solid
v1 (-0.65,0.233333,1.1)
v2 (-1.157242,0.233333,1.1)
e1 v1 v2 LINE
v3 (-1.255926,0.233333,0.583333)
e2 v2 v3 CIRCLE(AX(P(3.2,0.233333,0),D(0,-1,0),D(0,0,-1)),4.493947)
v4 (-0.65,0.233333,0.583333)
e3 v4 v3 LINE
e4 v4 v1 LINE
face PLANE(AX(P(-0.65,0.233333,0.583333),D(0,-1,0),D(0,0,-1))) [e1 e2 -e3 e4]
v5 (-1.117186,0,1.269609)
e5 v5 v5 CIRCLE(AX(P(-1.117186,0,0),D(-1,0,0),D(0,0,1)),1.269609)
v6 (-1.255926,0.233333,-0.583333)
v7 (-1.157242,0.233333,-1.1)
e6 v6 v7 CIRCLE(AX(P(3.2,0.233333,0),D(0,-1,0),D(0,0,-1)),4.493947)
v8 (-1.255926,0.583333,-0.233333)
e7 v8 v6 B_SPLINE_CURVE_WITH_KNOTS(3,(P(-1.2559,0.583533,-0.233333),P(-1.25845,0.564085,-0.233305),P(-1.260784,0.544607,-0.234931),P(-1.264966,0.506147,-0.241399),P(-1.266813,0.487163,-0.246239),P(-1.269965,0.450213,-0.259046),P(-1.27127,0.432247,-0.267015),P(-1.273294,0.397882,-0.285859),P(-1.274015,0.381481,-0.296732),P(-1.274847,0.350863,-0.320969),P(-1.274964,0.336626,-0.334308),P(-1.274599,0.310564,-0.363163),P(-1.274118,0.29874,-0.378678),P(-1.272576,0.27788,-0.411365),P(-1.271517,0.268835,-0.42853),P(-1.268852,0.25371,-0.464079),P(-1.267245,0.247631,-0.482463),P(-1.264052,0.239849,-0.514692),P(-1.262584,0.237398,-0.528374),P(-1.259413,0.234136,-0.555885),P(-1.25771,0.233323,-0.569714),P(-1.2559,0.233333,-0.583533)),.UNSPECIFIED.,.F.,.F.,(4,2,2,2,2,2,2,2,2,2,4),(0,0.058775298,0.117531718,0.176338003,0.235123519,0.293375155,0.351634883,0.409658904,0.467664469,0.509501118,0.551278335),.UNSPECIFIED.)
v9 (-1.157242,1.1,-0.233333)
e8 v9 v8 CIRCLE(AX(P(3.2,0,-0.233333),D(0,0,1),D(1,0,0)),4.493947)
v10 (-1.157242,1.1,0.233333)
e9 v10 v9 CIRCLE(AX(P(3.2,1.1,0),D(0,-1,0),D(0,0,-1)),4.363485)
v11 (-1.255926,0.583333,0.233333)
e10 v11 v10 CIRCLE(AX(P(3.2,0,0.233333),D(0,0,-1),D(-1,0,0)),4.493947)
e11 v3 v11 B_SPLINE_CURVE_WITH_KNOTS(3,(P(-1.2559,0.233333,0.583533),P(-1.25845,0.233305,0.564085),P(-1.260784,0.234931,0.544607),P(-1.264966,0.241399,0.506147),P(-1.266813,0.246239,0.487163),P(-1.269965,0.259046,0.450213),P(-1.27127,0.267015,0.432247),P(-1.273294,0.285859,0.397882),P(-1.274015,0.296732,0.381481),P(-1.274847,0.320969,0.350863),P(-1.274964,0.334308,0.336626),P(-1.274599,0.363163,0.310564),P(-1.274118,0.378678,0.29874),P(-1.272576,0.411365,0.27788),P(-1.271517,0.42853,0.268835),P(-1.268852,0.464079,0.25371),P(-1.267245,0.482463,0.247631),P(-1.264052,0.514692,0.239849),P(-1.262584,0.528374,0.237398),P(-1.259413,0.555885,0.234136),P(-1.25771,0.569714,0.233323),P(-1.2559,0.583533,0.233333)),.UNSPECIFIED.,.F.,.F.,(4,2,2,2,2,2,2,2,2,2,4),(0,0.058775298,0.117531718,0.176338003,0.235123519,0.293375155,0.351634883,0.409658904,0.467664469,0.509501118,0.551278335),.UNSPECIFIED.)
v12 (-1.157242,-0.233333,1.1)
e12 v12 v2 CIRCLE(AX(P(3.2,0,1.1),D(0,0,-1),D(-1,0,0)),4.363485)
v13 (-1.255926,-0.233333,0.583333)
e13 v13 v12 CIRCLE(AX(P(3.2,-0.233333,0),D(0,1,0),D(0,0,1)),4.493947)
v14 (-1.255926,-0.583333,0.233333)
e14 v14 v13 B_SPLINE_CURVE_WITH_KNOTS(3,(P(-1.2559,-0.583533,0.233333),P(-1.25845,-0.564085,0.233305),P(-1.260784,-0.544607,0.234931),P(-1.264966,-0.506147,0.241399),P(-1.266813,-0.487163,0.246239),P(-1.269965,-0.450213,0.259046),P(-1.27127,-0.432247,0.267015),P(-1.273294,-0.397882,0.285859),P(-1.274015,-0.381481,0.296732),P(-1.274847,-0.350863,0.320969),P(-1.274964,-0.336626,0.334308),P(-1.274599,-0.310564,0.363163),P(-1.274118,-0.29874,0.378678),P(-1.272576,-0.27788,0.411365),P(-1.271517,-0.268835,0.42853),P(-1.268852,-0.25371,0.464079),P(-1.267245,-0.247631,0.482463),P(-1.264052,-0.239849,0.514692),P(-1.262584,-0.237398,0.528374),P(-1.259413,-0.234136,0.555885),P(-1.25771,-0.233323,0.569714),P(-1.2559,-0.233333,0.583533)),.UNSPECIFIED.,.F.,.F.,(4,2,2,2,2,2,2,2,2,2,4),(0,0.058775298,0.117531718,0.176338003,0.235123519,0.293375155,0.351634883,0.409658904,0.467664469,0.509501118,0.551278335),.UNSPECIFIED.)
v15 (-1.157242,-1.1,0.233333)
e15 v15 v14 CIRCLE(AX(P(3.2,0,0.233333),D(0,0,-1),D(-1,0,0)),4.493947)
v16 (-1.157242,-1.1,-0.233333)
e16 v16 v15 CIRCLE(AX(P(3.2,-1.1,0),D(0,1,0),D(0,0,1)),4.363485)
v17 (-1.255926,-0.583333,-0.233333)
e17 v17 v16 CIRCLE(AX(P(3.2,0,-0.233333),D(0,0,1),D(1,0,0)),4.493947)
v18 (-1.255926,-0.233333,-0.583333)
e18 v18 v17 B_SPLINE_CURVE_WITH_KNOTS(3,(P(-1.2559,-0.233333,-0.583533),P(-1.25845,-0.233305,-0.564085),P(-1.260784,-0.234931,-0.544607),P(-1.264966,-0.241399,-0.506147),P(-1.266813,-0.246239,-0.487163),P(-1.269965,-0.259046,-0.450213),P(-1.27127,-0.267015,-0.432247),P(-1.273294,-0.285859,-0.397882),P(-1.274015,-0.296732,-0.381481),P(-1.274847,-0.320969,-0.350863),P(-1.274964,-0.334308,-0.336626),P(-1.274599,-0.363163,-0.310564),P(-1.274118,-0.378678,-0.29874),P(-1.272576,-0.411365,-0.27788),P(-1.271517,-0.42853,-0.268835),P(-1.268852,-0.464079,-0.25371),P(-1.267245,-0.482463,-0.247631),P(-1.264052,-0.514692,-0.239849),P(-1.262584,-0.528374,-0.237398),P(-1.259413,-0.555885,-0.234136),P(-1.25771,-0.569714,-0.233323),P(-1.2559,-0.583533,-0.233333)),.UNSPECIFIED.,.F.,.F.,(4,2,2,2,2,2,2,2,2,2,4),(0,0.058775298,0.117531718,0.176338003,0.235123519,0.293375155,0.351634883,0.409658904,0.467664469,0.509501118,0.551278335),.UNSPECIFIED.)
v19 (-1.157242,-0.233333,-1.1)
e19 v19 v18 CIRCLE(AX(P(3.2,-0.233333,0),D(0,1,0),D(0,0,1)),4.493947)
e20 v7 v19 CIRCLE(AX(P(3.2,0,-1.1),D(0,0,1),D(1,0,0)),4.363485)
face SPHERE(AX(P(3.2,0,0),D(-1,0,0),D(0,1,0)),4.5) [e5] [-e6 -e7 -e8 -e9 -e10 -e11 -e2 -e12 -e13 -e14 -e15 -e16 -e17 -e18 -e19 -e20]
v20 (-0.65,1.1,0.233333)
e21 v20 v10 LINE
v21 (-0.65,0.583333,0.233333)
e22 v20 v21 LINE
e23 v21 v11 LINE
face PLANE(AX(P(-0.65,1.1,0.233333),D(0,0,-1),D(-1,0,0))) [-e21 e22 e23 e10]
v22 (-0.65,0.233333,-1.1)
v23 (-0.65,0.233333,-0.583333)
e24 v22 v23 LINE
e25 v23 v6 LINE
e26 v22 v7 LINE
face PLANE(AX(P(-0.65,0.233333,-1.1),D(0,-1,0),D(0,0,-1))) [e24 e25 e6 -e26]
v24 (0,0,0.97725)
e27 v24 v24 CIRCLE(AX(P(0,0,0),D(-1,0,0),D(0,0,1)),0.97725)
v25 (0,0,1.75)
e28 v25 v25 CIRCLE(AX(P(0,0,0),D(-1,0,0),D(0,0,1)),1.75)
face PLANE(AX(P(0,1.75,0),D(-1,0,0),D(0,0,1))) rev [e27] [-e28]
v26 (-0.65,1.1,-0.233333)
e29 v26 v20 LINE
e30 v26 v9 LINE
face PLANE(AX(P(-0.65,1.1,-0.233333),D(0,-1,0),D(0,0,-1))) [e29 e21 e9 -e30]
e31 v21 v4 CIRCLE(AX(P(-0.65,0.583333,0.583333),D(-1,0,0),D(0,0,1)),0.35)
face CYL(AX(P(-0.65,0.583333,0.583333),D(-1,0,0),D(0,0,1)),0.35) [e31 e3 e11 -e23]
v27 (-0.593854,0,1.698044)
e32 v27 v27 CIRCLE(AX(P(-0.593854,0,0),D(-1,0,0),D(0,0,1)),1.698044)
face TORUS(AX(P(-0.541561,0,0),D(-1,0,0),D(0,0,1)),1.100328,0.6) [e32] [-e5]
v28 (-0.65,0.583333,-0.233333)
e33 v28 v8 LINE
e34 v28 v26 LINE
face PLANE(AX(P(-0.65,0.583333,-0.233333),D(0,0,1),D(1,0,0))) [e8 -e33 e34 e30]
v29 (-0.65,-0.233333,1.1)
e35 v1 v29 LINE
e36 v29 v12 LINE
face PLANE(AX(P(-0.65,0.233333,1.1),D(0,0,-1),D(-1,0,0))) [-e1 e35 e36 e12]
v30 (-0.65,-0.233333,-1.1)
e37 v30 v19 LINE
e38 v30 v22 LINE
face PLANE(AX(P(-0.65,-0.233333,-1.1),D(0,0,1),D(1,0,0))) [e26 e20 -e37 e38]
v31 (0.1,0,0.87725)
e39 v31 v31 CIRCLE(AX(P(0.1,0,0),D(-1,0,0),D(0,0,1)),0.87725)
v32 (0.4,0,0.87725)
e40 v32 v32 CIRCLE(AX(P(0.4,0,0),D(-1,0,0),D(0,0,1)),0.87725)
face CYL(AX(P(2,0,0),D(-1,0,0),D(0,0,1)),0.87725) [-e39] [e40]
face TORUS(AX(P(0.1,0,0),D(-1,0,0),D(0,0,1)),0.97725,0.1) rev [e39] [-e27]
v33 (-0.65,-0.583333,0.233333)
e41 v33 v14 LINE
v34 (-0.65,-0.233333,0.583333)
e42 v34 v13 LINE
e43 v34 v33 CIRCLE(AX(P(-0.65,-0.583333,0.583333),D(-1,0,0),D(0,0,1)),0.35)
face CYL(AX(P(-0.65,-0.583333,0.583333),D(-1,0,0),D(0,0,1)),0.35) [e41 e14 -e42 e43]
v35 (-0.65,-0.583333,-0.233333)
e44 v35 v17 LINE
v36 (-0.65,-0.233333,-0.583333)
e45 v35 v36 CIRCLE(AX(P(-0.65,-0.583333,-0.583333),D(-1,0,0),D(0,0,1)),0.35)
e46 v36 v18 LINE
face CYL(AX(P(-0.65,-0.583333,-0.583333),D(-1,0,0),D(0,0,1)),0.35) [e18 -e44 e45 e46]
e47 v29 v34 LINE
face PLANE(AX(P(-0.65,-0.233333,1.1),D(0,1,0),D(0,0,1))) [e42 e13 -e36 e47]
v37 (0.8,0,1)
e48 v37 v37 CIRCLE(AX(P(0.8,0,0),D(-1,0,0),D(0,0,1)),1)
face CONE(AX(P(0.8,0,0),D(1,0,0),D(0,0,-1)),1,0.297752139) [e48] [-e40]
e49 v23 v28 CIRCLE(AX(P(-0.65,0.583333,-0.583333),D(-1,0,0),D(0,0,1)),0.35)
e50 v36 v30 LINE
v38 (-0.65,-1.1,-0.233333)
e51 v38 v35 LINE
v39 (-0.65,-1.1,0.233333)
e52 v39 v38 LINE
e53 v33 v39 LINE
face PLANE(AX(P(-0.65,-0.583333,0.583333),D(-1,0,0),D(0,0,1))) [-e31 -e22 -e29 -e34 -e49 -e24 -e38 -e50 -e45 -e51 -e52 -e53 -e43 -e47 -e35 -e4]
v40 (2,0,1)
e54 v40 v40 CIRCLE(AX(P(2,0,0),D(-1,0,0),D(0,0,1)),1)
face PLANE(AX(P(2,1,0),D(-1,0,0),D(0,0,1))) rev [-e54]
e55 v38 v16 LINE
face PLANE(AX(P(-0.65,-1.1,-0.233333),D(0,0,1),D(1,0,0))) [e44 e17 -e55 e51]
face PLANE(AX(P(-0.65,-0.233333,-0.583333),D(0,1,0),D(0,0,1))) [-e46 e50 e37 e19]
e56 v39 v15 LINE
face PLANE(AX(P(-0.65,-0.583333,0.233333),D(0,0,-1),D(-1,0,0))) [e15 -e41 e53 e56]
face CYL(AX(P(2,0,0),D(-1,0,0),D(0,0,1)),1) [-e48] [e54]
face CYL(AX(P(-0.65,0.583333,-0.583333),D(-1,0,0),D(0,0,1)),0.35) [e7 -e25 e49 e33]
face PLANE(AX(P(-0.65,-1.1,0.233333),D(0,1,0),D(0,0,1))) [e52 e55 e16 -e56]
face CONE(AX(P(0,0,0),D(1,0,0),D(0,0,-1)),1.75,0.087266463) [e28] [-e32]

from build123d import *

# Parameters (mm, degrees)
CUT_EXTRUDE_1_DEPTH = 0.65


with BuildPart() as part:
    # ｽｹｯﾁ1 → 回転1 (revolve)
    with BuildSketch(Plane.XY):
        with BuildLine():
            Line((-0.593854493, 1.698044464), (0, 1.75))
            Line((0, 1.75), (0, 0.97725))
            ThreePointArc((0, 0.97725), (0.029289322, 0.906539322), (0.1, 0.87725))
            Line((0.1, 0.87725), (0.4, 0.87725))
            Line((0.4, 0.87725), (0.8, 1))
            Line((0.8, 1), (2, 1))
            Line((2, 1), (2, 0))
            Line((2, 0), (-1.3, 0))
            ThreePointArc((-1.3, 0), (-1.254061978, 0.641351616), (-1.117185824, 1.269608821))
            ThreePointArc((-1.117185824, 1.269608821), (-0.921639459, 1.564590934), (-0.593854493, 1.698044464))
        make_face()
    revolve(axis=Axis((2, 0, 0), (-1, 0, 0)))

    # ｽｹｯﾁ2 → ｶｯﾄ - 押し出し1 (cut)
    with BuildSketch(Plane(origin=(-1.3, 0, 0), x_dir=(0, 0, -1), z_dir=(1, 0, 0))):
        with BuildLine():
            Line((-1.1, 0.233333333), (-1.1, -0.233333333))
            Line((-1.1, -0.233333333), (-0.583333333, -0.233333333))
            ThreePointArc((-0.583333333, -0.233333333), (-0.33584596, -0.33584596), (-0.233333333, -0.583333333))
            Line((-0.233333333, -0.583333333), (-0.233333333, -1.1))
            Line((-0.233333333, -1.1), (0.233333333, -1.1))
            Line((0.233333333, -1.1), (0.233333333, -0.583333333))
            ThreePointArc((0.233333333, -0.583333333), (0.33584596, -0.33584596), (0.583333333, -0.233333333))
            Line((0.583333333, -0.233333333), (1.1, -0.233333333))
            Line((1.1, -0.233333333), (1.1, 0.233333333))
            Line((1.1, 0.233333333), (0.583333333, 0.233333333))
            ThreePointArc((0.583333333, 0.233333333), (0.33584596, 0.33584596), (0.233333333, 0.583333333))
            Line((0.233333333, 0.583333333), (0.233333333, 1.1))
            Line((0.233333333, 1.1), (-0.233333333, 1.1))
            Line((-0.233333333, 1.1), (-0.233333333, 0.583333333))
            ThreePointArc((-0.233333333, 0.583333333), (-0.33584596, 0.33584596), (-0.583333333, 0.233333333))
            Line((-0.583333333, 0.233333333), (-1.1, 0.233333333))
        make_face()
    extrude(amount=CUT_EXTRUDE_1_DEPTH, mode=Mode.SUBTRACT)


solid = part.part
